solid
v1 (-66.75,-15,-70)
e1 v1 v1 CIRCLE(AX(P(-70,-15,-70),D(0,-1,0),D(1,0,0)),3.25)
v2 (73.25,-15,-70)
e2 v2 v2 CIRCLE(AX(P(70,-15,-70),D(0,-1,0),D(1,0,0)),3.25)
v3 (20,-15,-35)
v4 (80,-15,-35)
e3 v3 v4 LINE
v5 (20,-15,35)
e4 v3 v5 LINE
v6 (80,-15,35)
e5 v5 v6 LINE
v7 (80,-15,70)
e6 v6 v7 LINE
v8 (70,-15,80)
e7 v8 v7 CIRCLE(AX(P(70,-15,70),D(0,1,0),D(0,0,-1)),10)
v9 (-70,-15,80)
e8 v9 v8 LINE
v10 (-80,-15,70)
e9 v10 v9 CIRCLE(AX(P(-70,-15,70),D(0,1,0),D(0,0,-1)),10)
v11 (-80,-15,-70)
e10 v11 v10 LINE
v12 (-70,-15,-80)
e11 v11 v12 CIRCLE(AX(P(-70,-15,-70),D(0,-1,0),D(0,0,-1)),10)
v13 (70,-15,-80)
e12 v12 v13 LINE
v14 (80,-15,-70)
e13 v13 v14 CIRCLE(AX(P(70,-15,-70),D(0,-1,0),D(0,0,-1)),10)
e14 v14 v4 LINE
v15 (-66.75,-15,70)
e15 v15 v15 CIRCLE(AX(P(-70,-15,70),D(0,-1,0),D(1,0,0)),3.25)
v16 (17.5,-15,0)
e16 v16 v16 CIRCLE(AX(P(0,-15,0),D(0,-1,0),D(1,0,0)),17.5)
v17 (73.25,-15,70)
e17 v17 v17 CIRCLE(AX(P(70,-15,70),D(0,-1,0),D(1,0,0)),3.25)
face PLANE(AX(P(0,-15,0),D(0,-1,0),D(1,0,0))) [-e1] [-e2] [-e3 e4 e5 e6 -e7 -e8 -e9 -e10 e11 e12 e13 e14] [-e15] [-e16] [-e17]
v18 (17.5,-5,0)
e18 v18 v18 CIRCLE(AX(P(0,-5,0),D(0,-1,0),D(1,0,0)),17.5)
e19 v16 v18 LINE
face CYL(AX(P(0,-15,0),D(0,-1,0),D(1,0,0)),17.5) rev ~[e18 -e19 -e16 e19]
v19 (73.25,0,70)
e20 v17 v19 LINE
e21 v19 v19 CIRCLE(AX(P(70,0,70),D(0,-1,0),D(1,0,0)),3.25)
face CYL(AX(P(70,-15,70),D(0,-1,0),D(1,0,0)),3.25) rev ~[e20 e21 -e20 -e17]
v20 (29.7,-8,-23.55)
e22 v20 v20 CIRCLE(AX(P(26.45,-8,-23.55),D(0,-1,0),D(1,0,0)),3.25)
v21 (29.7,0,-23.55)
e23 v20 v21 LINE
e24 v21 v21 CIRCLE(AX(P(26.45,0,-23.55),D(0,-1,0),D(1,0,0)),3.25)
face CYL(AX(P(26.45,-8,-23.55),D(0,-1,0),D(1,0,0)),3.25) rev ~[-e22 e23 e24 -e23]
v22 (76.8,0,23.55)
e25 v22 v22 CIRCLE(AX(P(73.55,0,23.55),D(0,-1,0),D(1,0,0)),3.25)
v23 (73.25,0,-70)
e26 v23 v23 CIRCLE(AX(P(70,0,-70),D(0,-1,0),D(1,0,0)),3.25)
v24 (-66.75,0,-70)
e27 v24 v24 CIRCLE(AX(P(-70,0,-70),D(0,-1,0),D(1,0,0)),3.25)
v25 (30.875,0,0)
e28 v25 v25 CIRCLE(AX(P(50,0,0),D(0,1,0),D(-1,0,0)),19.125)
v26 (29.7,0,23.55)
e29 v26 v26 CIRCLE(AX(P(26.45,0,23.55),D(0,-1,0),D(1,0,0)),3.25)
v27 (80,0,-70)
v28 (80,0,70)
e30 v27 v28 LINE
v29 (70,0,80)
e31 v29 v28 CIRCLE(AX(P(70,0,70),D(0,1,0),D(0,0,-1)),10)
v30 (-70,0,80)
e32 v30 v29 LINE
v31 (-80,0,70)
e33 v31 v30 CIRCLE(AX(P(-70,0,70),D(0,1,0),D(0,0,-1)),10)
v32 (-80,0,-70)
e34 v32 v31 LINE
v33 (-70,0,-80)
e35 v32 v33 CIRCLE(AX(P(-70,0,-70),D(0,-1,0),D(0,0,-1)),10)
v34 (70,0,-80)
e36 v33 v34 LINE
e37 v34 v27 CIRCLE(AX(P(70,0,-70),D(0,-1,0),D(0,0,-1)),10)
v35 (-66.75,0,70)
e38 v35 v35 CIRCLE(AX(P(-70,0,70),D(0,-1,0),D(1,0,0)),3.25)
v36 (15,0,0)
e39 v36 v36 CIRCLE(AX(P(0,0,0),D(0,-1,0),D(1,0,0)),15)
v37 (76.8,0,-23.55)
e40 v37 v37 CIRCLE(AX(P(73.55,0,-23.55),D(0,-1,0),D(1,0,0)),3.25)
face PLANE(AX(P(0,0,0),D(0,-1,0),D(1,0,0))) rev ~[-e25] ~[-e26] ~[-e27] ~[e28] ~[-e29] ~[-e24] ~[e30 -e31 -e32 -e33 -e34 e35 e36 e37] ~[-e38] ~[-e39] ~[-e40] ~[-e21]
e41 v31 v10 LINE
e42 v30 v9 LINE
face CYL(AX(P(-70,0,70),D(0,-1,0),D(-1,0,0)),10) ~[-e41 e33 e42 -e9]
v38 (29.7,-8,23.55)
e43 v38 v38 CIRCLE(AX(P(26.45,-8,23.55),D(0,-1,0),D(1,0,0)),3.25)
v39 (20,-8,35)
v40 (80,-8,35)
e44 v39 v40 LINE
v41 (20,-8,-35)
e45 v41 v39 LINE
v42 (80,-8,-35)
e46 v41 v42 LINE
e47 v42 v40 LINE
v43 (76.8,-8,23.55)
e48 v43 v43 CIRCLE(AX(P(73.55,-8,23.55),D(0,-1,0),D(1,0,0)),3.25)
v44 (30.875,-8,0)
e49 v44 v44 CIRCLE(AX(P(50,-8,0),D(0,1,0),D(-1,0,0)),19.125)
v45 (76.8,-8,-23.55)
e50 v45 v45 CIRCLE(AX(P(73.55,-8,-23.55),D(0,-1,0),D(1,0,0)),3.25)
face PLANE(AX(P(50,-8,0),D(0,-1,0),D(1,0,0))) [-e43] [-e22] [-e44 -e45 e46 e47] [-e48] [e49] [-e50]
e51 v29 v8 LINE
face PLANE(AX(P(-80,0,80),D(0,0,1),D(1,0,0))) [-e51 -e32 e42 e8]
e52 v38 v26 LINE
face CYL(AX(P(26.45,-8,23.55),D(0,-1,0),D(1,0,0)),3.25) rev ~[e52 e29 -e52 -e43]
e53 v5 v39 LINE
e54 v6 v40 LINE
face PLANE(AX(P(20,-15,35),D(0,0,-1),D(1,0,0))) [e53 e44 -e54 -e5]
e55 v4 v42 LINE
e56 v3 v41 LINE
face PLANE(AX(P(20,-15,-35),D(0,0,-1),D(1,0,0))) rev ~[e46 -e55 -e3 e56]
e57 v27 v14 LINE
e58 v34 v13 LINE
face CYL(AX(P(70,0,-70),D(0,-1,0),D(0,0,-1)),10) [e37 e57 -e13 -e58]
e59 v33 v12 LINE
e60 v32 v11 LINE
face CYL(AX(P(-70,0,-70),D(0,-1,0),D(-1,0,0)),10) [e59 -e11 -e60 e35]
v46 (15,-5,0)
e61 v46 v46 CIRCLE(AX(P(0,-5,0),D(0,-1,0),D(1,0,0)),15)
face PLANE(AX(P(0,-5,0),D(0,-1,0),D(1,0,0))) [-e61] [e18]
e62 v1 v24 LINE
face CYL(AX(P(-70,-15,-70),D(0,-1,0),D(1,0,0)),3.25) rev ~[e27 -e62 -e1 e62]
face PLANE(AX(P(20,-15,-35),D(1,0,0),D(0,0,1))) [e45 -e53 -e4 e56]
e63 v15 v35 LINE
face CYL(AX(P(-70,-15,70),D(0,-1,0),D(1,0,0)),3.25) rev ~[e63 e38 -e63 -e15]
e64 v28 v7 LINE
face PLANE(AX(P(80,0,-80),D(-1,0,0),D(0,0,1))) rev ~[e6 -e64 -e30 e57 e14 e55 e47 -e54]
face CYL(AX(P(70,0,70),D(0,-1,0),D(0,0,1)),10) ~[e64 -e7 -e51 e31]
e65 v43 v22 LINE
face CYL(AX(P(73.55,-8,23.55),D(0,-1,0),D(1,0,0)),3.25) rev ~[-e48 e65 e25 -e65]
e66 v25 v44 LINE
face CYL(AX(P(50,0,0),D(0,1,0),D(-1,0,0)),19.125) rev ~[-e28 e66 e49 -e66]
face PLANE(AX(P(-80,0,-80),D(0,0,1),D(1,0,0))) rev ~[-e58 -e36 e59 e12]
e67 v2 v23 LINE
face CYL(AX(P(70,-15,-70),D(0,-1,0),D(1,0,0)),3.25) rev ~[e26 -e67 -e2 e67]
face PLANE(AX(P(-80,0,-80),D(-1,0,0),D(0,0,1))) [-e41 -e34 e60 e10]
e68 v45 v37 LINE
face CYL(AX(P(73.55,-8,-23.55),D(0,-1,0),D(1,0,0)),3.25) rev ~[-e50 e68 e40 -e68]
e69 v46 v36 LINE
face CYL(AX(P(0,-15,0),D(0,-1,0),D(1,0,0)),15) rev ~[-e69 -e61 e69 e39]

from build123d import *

# Parameters (mm, degrees)
F0_W      = 160
F0_H      = 160
F1_DEPTH  = 15
F2_R      = 15
F3_DEPTH  = 25
F4_R      = 17.5
F5_DEPTH  = 10
F6_R      = 10
F7_W      = 60
F7_H      = 70
F8_DEPTH  = 7
F9_R      = 19.125
F10_DEPTH = 25
F11_R     = 3.25
F12_DEPTH = 25
F13_R     = 3.25
F14_DEPTH = 25


with BuildPart() as f1:
    # F0 (on Front) → F1 (new body)
    with BuildSketch(Plane.XZ):
        Rectangle(F0_W, F0_H)
    extrude(amount=F1_DEPTH)

    # F2 (on face) → F3 (cut)
    with BuildSketch(Plane.XZ.offset(15)):
        Circle(F2_R)
    extrude(amount=-F3_DEPTH, mode=Mode.SUBTRACT)

    # F4 (on face) → F5 (cut)
    with BuildSketch(Plane.XZ.offset(15)):
        Circle(F4_R)
    extrude(amount=-F5_DEPTH, mode=Mode.SUBTRACT)

    # F6
    f6_edges = [f1.edges().sort_by_distance(p)[0] for p in [
        (80, -7.5, 80),
        (80, -7.5, -80),
        (-80, -7.5, -80),
        (-80, -7.5, 80),
    ]]
    fillet(f6_edges, radius=F6_R)

    # F7 (on face) → F8 (cut)
    with BuildSketch(Plane.XZ.offset(15)):
        with Locations((50, 0)):
            Rectangle(F7_W, F7_H)
    extrude(amount=-F8_DEPTH, mode=Mode.SUBTRACT)

    # F9 (on face) → F10 (cut)
    with BuildSketch(Plane(origin=(0, 0, 0), x_dir=(-1, 0, 0), z_dir=(0, 1, 0))):
        with Locations((-50, 0)):
            Circle(F9_R)
    extrude(amount=-F10_DEPTH, mode=Mode.SUBTRACT)

    # F11 (on face) → F12 (cut)
    with BuildSketch(Plane.XZ.offset(8)):
        with Locations((26.45, 23.55)):
            Circle(F11_R)
        with Locations((26.45, -23.55)):
            Circle(F11_R)
        with Locations((73.55, -23.55)):
            Circle(F11_R)
        with Locations((73.55, 23.55)):
            Circle(F11_R)
    extrude(amount=-F12_DEPTH, mode=Mode.SUBTRACT)

    # F13 (on face) → F14 (cut)
    with BuildSketch(Plane.XZ.offset(15)):
        with Locations((70, 70)):
            Circle(F13_R)
        with Locations((-70, 70)):
            Circle(F13_R)
        with Locations((-70, -70)):
            Circle(F13_R)
        with Locations((70, -70)):
            Circle(F13_R)
    extrude(amount=-F14_DEPTH, mode=Mode.SUBTRACT)


solid = f1.part
